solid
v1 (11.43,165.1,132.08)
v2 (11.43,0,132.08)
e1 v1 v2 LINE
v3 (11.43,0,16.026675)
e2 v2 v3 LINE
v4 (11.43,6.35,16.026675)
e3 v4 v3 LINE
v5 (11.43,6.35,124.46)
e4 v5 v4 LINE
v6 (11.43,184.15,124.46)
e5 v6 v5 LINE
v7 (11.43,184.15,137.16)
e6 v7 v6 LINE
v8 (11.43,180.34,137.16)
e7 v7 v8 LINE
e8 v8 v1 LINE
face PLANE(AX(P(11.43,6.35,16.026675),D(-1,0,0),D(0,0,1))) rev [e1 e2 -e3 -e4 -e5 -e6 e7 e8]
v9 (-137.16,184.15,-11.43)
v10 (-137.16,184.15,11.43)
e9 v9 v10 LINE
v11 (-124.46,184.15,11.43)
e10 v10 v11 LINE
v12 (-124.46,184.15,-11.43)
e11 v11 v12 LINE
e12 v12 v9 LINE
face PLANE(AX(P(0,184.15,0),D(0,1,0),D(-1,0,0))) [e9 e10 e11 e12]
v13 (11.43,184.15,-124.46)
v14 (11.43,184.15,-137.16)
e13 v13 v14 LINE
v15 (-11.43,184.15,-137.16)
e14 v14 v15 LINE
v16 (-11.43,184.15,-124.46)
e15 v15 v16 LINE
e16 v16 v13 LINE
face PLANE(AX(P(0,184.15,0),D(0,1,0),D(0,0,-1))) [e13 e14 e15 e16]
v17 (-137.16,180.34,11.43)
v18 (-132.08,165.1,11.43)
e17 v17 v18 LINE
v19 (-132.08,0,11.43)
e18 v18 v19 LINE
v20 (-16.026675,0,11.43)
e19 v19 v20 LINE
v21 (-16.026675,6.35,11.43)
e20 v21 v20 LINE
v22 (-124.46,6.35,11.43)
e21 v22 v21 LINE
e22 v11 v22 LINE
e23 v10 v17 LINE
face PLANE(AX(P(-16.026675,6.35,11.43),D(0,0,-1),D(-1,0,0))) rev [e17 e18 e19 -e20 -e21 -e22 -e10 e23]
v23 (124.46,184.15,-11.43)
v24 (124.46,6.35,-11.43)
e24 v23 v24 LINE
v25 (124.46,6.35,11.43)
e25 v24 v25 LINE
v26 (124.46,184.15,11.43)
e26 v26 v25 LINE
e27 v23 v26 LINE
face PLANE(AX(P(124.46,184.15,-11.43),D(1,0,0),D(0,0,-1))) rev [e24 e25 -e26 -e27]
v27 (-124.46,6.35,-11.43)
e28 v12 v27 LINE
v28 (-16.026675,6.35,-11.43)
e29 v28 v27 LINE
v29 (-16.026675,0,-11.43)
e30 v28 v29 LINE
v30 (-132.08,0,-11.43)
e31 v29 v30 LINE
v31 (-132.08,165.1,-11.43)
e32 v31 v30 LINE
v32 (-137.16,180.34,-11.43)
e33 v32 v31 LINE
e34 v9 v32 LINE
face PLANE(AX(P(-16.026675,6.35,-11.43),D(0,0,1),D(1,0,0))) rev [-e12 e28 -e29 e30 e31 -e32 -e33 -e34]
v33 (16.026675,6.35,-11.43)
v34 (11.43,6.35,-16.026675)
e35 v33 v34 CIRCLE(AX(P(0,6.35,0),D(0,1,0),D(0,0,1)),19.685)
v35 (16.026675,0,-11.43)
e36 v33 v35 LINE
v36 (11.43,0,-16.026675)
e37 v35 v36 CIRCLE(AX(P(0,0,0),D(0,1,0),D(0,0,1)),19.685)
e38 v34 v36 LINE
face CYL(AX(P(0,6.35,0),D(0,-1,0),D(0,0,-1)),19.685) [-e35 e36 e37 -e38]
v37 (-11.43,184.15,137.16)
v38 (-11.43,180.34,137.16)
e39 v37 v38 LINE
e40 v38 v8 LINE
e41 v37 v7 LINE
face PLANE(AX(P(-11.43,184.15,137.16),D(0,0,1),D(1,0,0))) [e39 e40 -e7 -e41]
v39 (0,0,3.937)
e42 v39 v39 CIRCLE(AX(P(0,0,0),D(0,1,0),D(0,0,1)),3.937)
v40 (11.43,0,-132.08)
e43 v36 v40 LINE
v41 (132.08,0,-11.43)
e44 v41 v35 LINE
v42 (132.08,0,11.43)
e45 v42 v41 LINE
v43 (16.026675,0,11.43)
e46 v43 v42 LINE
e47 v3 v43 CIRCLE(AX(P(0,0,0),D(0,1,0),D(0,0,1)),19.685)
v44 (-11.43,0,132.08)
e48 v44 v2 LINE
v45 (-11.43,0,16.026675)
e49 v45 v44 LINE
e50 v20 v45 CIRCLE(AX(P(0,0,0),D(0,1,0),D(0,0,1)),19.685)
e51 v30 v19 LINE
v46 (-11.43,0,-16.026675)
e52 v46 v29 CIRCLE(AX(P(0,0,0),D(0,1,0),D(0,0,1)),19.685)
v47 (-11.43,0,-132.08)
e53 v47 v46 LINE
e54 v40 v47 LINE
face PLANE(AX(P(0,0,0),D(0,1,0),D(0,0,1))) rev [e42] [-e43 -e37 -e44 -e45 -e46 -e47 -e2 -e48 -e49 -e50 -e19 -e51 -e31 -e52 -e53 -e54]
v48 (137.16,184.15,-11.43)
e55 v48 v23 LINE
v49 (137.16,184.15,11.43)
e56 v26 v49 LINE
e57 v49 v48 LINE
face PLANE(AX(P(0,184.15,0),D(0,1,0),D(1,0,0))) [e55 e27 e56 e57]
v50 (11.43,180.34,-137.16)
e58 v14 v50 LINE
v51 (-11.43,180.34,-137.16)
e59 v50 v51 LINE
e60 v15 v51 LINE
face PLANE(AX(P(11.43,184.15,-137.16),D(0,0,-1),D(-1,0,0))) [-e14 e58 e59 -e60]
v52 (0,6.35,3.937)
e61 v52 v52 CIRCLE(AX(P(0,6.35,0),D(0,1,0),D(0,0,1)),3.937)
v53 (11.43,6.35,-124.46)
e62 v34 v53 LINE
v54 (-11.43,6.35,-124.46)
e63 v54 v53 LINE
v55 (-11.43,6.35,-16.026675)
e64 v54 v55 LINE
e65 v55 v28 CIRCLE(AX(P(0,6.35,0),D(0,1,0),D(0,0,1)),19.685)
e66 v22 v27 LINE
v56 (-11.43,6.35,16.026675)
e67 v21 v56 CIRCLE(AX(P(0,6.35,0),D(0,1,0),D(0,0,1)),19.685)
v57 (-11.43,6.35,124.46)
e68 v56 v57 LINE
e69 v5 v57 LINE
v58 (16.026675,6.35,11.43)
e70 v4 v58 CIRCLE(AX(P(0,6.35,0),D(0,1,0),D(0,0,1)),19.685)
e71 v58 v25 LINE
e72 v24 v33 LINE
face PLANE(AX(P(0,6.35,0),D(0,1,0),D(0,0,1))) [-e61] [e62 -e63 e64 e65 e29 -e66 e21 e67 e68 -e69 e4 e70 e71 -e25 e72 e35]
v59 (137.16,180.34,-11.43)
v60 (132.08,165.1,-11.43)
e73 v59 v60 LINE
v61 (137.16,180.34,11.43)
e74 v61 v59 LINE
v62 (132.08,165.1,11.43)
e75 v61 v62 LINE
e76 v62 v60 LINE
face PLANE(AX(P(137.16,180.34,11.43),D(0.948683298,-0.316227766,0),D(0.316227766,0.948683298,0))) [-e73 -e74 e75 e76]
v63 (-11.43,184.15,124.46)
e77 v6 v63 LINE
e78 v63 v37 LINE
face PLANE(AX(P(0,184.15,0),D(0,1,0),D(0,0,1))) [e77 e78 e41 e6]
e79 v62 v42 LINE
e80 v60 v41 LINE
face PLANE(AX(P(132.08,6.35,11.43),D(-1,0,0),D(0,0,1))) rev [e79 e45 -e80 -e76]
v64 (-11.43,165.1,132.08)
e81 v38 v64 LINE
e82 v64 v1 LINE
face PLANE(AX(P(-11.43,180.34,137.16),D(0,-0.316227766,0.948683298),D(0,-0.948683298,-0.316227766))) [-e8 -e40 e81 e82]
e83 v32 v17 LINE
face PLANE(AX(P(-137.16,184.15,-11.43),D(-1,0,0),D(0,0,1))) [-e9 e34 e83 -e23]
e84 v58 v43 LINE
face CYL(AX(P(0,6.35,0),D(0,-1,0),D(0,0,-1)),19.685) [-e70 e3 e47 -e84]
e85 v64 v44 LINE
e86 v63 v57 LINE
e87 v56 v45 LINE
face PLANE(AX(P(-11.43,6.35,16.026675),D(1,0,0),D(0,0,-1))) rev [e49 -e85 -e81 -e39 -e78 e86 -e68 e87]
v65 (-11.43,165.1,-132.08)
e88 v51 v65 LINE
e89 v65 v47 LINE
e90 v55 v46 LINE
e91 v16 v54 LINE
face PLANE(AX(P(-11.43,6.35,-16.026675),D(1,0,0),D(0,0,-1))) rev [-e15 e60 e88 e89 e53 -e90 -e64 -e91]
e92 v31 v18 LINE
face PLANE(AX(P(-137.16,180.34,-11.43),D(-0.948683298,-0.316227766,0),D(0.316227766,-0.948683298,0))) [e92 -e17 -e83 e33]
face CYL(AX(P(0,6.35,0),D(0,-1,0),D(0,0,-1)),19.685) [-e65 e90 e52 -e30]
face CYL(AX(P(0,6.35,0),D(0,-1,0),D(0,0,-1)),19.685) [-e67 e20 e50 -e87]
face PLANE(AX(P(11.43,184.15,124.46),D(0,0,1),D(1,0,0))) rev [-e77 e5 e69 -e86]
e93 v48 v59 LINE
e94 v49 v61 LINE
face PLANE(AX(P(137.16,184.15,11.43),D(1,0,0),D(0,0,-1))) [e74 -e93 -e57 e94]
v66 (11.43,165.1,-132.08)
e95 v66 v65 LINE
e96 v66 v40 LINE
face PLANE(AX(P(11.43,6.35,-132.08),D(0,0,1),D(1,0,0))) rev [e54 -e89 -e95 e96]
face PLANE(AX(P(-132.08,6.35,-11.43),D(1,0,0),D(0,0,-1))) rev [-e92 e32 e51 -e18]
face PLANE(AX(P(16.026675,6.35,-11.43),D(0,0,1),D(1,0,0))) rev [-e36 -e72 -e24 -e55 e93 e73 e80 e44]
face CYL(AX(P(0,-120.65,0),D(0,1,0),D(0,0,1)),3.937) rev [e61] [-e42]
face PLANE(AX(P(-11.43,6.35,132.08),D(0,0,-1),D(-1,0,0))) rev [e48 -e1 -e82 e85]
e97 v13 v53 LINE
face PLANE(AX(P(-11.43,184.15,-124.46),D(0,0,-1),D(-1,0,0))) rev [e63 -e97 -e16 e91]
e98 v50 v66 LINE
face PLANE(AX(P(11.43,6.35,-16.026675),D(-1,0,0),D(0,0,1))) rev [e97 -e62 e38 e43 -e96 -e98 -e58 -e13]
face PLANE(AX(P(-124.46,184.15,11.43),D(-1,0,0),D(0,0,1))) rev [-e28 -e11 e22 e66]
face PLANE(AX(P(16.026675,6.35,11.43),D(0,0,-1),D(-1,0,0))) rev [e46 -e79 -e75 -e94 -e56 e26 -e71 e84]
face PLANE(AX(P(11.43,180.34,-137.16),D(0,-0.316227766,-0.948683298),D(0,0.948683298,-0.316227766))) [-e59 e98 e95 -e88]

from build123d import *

# Parameters (mm, degrees)
BOSS_EXTRUDE3_DEPTH = 6.35
SKETCH9_R           = 3.937
CUT_EXTRUDE4_DEPTH  = 127
SKETCH8_W           = 22.86
SKETCH8_H           = 7.62
BOSS_EXTRUDE4_DEPTH = 177.8
CIRPATTERN1_COUNT   = 4
BOSS_EXTRUDE6_DEPTH = 22.86
CIRPATTERN2_COUNT   = 4


with BuildPart() as part:
    # Sketch5 → Boss-Extrude3 (new body)
    with BuildSketch(Plane(origin=(0, 0, 0), x_dir=(1, 0, 0), z_dir=(0, 1, 0))):
        with BuildLine():
            Line((-16.026675419, 11.43), (-132.08, 11.43))
            Line((-132.08, 11.43), (-132.08, -11.43))
            Line((-132.08, -11.43), (-16.026675419, -11.43))
            ThreePointArc((-16.026675419, -11.43), (-13.919396988, -13.919396988), (-11.43, -16.026675419))
            Line((-11.43, -16.026675419), (-11.43, -132.08))
            Line((-11.43, -132.08), (11.43, -132.08))
            Line((11.43, -132.08), (11.43, -16.026675419))
            ThreePointArc((11.43, -16.026675419), (13.919396988, -13.919396988), (16.026675419, -11.43))
            Line((16.026675419, -11.43), (132.08, -11.43))
            Line((132.08, -11.43), (132.08, 11.43))
            Line((132.08, 11.43), (16.026675419, 11.43))
            ThreePointArc((16.026675419, 11.43), (13.919396988, 13.919396988), (11.43, 16.026675419))
            Line((11.43, 16.026675419), (11.43, 132.08))
            Line((11.43, 132.08), (-11.43, 132.08))
            Line((-11.43, 132.08), (-11.43, 16.026675419))
            ThreePointArc((-11.43, 16.026675419), (-13.919396988, 13.919396988), (-16.026675419, 11.43))
        make_face()
    extrude(amount=BOSS_EXTRUDE3_DEPTH)

    # Sketch9 → Cut-Extrude4 (cut)
    with BuildSketch(Plane(origin=(0, 6.35, 0), x_dir=(1, 0, 0), z_dir=(0, 1, 0))):
        Circle(SKETCH9_R)
    extrude(amount=-CUT_EXTRUDE4_DEPTH, mode=Mode.SUBTRACT)

    # Sketch8 → Boss-Extrude4 (add)
    with BuildSketch(Plane(origin=(0, 6.35, 0), x_dir=(1, 0, 0), z_dir=(0, 1, 0))):
        with Locations((0, -128.27)):
            Rectangle(SKETCH8_W, SKETCH8_H)
    boss_extrude4 = extrude(amount=BOSS_EXTRUDE4_DEPTH)

    # CirPattern1: Boss-Extrude4 ×4 about axis
    cirpattern1_axis = Axis((0, 0, 0), (0, 1, 0))
    for i in range(1, CIRPATTERN1_COUNT):
        add(boss_extrude4.rotate(cirpattern1_axis, i * 360 / CIRPATTERN1_COUNT))

    # Sketch13 → Boss-Extrude6 (add)
    with BuildSketch(Plane.XY.offset(11.43)):
        Polygon((-132.08, 184.15), (-137.16, 184.15), (-137.16, 180.34), (-132.08, 165.1), align=None)
    boss_extrude6 = extrude(amount=-BOSS_EXTRUDE6_DEPTH)

    # CirPattern2: Boss-Extrude6 ×4 about axis
    cirpattern2_axis = Axis((0, 0, 0), (0, 1, 0))
    for i in range(1, CIRPATTERN2_COUNT):
        add(boss_extrude6.rotate(cirpattern2_axis, i * 360 / CIRPATTERN2_COUNT))


solid = part.part
